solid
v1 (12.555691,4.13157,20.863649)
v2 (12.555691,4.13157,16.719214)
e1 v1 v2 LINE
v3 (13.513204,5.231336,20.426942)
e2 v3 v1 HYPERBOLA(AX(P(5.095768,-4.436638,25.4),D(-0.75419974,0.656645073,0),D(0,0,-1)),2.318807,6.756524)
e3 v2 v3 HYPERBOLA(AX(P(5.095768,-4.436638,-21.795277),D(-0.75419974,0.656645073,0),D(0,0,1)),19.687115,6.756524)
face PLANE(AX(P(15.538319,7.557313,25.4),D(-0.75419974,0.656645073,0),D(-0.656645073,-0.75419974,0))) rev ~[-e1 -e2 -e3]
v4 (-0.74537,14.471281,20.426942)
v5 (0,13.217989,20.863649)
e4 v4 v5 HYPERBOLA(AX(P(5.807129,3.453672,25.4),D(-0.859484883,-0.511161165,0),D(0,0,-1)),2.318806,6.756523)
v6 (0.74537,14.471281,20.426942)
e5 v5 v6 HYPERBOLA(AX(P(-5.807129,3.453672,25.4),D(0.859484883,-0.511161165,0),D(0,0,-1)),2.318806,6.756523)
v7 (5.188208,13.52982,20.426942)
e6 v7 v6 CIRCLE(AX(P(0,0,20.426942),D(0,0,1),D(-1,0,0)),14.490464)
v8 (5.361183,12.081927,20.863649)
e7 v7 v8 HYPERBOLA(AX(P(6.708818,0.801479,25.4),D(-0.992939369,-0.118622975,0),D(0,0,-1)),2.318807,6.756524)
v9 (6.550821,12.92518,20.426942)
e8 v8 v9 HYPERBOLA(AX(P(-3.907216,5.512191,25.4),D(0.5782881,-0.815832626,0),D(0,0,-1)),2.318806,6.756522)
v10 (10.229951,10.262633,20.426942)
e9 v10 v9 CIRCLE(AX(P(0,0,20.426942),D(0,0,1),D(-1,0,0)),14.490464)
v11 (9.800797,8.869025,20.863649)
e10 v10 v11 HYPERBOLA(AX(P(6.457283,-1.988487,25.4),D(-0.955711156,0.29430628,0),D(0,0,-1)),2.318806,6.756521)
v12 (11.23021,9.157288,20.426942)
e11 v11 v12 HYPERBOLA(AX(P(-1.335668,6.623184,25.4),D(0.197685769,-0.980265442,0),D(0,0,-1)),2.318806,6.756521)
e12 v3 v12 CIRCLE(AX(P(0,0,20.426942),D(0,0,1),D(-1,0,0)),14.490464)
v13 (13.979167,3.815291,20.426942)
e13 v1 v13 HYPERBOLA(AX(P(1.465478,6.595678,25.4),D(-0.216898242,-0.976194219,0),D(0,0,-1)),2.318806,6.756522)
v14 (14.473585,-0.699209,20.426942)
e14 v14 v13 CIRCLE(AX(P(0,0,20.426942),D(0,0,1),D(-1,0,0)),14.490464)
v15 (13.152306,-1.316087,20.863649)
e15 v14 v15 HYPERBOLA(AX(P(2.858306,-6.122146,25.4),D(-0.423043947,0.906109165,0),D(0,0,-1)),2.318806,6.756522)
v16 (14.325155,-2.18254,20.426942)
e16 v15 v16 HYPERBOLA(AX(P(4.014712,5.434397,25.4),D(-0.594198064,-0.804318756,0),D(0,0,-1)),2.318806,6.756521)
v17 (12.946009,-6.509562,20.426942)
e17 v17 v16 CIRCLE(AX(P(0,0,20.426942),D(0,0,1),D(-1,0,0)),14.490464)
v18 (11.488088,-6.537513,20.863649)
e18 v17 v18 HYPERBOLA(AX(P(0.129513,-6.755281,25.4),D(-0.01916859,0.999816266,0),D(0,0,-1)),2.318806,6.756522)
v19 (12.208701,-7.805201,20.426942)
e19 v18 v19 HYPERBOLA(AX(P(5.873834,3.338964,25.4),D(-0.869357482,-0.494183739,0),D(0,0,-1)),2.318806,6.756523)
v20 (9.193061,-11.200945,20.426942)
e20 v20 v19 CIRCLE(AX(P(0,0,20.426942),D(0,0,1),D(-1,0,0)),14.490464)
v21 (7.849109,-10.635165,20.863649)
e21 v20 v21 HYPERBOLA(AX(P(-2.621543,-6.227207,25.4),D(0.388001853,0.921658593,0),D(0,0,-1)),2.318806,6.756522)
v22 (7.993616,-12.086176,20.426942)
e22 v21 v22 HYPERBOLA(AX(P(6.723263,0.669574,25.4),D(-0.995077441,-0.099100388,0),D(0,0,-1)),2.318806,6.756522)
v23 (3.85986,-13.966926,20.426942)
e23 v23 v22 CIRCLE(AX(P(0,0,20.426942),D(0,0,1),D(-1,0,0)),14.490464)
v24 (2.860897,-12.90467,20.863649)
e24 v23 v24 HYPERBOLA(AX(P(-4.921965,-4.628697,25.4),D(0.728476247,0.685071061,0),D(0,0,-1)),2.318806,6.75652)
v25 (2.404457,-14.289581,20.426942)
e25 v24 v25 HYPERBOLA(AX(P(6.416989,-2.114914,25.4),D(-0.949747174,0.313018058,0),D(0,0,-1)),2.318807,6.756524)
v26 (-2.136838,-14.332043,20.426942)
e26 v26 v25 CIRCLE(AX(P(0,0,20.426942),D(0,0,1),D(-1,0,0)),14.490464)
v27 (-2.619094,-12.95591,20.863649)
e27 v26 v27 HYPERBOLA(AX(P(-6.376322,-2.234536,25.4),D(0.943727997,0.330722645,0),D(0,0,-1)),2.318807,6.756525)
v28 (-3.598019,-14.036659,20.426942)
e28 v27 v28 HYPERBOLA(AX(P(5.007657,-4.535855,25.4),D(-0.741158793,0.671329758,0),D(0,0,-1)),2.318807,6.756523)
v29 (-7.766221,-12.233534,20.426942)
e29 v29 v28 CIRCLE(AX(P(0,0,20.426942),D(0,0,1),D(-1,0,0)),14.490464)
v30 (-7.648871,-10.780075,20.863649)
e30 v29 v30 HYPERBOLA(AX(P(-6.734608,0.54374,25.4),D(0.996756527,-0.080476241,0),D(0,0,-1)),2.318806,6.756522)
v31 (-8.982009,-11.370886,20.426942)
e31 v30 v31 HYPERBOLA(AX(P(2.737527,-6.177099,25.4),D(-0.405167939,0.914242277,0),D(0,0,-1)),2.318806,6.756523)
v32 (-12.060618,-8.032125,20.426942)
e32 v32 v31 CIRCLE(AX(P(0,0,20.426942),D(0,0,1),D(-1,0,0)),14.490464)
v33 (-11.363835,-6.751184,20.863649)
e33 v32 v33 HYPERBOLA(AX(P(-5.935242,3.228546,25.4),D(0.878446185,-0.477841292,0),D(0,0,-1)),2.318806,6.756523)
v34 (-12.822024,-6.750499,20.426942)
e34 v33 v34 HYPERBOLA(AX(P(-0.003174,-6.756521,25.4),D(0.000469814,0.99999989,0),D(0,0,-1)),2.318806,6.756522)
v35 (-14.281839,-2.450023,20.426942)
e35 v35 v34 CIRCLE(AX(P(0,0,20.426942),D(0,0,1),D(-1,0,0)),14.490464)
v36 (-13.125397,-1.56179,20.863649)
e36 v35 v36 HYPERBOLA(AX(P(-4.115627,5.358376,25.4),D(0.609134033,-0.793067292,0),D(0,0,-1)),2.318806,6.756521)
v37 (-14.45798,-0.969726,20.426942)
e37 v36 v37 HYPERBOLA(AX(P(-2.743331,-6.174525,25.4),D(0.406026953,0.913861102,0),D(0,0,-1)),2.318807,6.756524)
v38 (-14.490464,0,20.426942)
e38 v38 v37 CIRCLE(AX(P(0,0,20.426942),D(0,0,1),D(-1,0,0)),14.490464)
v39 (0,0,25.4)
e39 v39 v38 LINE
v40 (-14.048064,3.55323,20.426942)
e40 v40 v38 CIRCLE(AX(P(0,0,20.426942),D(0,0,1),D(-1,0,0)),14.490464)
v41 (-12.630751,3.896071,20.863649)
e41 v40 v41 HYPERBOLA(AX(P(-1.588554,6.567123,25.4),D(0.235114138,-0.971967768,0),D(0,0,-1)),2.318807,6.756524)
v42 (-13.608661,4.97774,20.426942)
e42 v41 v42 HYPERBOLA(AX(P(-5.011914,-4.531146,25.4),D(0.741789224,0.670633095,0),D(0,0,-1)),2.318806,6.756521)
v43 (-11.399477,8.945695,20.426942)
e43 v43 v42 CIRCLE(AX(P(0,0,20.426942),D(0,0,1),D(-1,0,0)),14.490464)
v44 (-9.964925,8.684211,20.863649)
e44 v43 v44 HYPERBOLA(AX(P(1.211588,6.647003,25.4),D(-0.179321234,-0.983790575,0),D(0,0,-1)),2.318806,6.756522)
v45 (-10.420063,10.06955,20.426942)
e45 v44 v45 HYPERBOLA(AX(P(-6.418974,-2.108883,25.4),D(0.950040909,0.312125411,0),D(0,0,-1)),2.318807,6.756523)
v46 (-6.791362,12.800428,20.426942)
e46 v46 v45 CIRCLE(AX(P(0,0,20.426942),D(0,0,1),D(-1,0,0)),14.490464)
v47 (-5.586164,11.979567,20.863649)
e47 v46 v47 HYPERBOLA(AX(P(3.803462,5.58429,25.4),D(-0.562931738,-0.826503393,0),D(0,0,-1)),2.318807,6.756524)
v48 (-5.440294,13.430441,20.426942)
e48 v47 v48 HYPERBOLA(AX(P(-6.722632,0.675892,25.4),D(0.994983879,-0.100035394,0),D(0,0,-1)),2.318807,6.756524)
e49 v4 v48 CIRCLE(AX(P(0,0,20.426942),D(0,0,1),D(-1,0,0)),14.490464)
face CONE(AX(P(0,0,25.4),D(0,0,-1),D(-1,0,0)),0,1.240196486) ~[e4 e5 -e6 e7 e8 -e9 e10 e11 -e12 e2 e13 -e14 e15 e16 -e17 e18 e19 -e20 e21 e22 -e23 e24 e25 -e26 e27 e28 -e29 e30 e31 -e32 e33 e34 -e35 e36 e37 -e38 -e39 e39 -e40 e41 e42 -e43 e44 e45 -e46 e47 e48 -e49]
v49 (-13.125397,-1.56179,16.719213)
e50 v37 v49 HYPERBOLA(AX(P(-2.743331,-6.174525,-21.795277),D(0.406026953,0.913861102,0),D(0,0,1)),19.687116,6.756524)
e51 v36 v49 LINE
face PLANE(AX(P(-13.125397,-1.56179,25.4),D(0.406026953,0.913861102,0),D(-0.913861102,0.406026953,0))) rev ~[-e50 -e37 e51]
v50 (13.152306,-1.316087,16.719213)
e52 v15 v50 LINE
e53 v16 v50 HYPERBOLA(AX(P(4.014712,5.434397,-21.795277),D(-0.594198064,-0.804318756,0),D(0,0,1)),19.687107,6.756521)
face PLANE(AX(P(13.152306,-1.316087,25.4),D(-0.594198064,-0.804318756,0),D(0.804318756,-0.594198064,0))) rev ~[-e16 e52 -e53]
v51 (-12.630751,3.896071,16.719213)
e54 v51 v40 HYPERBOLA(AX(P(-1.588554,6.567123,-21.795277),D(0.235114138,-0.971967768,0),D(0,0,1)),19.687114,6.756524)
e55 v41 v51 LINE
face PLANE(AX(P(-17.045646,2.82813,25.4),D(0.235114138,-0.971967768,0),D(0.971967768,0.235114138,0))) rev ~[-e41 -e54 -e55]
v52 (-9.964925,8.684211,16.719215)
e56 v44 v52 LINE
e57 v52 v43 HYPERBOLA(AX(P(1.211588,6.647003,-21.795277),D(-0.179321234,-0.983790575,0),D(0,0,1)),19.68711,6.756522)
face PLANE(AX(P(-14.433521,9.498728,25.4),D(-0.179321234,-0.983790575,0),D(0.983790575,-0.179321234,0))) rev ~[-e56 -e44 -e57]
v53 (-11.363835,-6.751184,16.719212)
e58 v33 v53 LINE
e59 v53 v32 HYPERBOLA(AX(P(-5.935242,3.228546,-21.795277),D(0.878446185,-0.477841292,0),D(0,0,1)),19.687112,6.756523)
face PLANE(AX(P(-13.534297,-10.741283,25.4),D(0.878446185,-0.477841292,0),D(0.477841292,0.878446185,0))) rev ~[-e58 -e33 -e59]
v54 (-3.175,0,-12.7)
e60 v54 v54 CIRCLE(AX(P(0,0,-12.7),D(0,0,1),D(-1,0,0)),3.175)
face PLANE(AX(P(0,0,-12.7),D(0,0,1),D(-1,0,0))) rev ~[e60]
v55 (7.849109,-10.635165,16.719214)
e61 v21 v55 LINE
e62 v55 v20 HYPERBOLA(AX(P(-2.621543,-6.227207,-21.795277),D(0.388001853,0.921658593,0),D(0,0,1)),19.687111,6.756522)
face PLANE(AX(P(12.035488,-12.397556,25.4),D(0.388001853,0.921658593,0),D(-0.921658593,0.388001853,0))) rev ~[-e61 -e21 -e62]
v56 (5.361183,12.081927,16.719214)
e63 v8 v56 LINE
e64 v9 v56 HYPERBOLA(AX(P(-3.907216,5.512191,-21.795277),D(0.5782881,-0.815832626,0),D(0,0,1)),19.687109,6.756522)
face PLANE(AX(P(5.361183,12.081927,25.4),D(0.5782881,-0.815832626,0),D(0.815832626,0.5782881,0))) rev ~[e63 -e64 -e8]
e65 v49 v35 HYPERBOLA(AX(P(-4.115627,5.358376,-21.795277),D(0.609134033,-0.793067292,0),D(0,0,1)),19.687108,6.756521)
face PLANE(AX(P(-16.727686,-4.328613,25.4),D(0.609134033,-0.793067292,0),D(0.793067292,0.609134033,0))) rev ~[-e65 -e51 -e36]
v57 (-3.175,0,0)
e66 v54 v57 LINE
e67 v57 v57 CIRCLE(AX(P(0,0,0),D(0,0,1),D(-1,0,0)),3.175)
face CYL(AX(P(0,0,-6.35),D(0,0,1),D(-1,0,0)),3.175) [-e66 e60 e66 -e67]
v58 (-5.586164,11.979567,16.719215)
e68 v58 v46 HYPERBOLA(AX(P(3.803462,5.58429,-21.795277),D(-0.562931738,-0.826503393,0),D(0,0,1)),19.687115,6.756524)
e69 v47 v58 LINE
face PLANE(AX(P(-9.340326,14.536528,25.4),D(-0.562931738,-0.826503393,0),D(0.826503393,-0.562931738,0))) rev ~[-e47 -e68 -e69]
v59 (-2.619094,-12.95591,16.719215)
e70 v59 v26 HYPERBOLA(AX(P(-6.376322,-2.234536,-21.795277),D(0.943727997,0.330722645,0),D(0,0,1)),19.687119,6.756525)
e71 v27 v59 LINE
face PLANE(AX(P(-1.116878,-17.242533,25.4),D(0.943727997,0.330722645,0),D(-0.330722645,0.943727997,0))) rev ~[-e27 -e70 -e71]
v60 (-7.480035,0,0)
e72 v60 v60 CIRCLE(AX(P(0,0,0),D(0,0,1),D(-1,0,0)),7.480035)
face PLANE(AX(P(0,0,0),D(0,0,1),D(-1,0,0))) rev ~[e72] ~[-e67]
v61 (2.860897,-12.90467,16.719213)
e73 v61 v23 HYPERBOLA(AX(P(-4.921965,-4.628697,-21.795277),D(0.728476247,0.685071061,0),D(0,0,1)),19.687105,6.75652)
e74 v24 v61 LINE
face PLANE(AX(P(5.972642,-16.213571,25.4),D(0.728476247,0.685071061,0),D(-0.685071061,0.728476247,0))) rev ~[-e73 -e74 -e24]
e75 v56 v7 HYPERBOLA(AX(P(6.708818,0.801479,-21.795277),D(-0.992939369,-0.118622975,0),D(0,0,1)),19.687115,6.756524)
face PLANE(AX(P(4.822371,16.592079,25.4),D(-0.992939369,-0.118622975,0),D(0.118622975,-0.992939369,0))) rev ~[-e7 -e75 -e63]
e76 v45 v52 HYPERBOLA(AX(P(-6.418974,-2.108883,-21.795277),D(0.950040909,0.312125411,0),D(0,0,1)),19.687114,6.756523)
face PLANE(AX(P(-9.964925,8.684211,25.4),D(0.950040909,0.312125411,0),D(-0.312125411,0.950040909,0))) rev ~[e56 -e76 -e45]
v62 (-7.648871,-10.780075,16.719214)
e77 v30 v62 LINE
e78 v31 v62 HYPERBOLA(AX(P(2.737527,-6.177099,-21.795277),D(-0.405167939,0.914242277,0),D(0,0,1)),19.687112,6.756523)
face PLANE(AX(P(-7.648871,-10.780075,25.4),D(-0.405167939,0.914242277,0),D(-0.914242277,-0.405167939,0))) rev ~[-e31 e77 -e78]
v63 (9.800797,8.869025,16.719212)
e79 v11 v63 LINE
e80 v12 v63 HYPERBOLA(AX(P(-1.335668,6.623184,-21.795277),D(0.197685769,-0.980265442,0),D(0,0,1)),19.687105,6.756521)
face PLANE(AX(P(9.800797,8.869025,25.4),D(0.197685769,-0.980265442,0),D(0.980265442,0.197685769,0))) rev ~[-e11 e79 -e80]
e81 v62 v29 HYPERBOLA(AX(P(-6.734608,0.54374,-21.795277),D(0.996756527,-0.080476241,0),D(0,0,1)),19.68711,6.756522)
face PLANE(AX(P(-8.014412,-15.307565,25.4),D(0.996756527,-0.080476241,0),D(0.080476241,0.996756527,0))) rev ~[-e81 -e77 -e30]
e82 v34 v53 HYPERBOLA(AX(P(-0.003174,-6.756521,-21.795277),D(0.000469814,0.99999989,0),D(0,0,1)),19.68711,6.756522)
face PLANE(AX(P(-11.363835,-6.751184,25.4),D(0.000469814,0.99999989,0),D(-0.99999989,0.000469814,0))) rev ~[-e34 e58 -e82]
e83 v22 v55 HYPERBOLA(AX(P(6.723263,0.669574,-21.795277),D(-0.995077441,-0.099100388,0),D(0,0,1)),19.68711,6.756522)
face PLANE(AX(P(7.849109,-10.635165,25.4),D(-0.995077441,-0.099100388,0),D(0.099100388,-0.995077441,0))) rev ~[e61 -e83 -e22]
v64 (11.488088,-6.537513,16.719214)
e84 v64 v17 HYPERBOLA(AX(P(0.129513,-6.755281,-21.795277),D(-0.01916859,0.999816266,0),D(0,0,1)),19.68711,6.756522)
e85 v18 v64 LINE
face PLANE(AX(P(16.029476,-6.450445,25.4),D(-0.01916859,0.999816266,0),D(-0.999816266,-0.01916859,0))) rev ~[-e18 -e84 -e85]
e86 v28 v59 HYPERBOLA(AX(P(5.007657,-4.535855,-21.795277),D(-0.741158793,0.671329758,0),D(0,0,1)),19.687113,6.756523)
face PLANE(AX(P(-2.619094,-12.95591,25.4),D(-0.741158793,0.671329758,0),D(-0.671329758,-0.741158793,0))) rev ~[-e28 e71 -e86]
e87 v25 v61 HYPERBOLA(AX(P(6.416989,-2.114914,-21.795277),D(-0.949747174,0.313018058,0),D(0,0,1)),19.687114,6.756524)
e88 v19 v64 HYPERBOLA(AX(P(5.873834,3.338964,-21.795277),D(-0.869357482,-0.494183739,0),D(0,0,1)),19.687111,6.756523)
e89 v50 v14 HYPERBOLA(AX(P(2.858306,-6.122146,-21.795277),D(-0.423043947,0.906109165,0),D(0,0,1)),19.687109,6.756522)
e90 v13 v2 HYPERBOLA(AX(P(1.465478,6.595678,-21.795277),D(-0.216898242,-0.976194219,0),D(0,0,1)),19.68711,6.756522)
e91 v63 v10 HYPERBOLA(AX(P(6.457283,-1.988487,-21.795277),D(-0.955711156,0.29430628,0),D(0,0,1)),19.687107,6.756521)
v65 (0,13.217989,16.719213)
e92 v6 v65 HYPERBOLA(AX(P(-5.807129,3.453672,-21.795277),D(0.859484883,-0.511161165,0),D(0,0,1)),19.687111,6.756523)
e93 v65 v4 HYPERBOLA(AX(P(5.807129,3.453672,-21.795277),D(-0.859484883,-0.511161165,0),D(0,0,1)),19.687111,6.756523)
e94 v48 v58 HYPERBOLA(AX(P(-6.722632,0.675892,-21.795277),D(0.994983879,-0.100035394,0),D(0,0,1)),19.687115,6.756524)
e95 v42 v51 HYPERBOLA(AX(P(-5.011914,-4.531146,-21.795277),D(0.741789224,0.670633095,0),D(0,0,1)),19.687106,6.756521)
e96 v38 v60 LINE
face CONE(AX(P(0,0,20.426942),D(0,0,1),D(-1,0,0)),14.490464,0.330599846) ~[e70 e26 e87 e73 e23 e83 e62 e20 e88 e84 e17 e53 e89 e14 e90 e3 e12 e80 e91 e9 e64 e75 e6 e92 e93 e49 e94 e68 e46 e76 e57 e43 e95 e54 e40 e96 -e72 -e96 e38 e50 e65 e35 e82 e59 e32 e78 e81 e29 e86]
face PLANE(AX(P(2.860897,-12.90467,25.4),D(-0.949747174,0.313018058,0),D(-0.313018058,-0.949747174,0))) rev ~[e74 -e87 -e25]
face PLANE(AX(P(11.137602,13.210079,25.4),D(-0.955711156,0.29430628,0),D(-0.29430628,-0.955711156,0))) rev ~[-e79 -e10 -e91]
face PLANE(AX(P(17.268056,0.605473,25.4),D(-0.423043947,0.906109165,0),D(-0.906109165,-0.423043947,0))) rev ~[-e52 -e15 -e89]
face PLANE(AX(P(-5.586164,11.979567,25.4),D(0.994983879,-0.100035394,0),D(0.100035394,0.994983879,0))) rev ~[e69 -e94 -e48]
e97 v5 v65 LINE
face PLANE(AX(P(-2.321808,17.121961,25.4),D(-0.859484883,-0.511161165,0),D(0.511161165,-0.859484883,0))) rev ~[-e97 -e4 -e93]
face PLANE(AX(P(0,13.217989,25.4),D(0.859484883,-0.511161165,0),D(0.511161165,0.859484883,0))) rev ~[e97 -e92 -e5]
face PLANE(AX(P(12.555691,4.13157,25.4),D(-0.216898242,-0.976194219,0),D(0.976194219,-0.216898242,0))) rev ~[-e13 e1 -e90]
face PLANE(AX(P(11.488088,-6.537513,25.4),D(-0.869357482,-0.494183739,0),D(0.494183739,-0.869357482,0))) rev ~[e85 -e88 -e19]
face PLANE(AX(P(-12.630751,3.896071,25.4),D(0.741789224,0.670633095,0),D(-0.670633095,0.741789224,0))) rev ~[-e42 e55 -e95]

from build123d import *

# Parameters (mm, degrees)
F0_W     = 3.175
F0_H     = 12.7
F4_DEPTH = 25.4


with BuildPart() as f1:
    # F0 (on Front) → F1 (revolve)
    with BuildSketch(Plane.XZ):
        Polygon((-3.175, 0), (0, 0), (0, 25.4), (-14.490464, 20.426942), (-7.480035, 0), align=None)
        with Locations((-1.5875, -6.35)):
            Rectangle(F0_W, F0_H)
    revolve(axis=Axis((0, 0, 12.7), (0, 0, 1)))

    # F3 (on offset) → F4 (cut)
    with BuildSketch(Plane.XY.offset(25.4)):
        Polygon((-2.321808, 17.121961), (0, 13.217989), (2.321808, 17.121961), align=None)
        Polygon((5.361183, 12.081927), (9.066876, 14.70864), (4.822371, 16.592079), align=None)
        Polygon((9.800797, 8.869025), (14.253382, 9.766958), (11.137602, 13.210079), align=None)
        Polygon((12.555691, 4.13157), (16.989782, 3.14637), (15.538319, 7.557313), align=None)
        Polygon((13.152306, -1.316087), (16.805701, -4.015067), (17.268056, 0.605473), align=None)
        Polygon((11.488088, -6.537513), (13.732781, -10.486329), (16.029476, -6.450445), align=None)
        Polygon((7.849109, -10.635165), (8.299245, -15.155028), (12.035488, -12.397556), align=None)
        Polygon((2.860897, -12.90467), (1.439099, -17.218634), (5.972642, -16.213571), align=None)
        Polygon((-2.619094, -12.95591), (-5.668423, -16.322418), (-1.116878, -17.242533), align=None)
        Polygon((-7.648871, -10.780075), (-11.801563, -12.620438), (-8.014412, -15.307565), align=None)
        Polygon((-11.363835, -6.751184), (-15.906058, -6.74905), (-13.534297, -10.741283), align=None)
        Polygon((-13.125397, -1.56179), (-17.276358, 0.282475), (-16.727686, -4.328613), align=None)
        Polygon((-12.630751, 3.896071), (-15.676916, 7.265443), (-17.045646, 2.82813), align=None)
        Polygon((-9.964925, 8.684211), (-11.382668, 12.999508), (-14.433521, 9.498728), align=None)
        Polygon((-5.586164, 11.979567), (-5.131781, 16.499005), (-9.340326, 14.536528), align=None)
    extrude(amount=-F4_DEPTH, mode=Mode.SUBTRACT)


solid = f1.part
